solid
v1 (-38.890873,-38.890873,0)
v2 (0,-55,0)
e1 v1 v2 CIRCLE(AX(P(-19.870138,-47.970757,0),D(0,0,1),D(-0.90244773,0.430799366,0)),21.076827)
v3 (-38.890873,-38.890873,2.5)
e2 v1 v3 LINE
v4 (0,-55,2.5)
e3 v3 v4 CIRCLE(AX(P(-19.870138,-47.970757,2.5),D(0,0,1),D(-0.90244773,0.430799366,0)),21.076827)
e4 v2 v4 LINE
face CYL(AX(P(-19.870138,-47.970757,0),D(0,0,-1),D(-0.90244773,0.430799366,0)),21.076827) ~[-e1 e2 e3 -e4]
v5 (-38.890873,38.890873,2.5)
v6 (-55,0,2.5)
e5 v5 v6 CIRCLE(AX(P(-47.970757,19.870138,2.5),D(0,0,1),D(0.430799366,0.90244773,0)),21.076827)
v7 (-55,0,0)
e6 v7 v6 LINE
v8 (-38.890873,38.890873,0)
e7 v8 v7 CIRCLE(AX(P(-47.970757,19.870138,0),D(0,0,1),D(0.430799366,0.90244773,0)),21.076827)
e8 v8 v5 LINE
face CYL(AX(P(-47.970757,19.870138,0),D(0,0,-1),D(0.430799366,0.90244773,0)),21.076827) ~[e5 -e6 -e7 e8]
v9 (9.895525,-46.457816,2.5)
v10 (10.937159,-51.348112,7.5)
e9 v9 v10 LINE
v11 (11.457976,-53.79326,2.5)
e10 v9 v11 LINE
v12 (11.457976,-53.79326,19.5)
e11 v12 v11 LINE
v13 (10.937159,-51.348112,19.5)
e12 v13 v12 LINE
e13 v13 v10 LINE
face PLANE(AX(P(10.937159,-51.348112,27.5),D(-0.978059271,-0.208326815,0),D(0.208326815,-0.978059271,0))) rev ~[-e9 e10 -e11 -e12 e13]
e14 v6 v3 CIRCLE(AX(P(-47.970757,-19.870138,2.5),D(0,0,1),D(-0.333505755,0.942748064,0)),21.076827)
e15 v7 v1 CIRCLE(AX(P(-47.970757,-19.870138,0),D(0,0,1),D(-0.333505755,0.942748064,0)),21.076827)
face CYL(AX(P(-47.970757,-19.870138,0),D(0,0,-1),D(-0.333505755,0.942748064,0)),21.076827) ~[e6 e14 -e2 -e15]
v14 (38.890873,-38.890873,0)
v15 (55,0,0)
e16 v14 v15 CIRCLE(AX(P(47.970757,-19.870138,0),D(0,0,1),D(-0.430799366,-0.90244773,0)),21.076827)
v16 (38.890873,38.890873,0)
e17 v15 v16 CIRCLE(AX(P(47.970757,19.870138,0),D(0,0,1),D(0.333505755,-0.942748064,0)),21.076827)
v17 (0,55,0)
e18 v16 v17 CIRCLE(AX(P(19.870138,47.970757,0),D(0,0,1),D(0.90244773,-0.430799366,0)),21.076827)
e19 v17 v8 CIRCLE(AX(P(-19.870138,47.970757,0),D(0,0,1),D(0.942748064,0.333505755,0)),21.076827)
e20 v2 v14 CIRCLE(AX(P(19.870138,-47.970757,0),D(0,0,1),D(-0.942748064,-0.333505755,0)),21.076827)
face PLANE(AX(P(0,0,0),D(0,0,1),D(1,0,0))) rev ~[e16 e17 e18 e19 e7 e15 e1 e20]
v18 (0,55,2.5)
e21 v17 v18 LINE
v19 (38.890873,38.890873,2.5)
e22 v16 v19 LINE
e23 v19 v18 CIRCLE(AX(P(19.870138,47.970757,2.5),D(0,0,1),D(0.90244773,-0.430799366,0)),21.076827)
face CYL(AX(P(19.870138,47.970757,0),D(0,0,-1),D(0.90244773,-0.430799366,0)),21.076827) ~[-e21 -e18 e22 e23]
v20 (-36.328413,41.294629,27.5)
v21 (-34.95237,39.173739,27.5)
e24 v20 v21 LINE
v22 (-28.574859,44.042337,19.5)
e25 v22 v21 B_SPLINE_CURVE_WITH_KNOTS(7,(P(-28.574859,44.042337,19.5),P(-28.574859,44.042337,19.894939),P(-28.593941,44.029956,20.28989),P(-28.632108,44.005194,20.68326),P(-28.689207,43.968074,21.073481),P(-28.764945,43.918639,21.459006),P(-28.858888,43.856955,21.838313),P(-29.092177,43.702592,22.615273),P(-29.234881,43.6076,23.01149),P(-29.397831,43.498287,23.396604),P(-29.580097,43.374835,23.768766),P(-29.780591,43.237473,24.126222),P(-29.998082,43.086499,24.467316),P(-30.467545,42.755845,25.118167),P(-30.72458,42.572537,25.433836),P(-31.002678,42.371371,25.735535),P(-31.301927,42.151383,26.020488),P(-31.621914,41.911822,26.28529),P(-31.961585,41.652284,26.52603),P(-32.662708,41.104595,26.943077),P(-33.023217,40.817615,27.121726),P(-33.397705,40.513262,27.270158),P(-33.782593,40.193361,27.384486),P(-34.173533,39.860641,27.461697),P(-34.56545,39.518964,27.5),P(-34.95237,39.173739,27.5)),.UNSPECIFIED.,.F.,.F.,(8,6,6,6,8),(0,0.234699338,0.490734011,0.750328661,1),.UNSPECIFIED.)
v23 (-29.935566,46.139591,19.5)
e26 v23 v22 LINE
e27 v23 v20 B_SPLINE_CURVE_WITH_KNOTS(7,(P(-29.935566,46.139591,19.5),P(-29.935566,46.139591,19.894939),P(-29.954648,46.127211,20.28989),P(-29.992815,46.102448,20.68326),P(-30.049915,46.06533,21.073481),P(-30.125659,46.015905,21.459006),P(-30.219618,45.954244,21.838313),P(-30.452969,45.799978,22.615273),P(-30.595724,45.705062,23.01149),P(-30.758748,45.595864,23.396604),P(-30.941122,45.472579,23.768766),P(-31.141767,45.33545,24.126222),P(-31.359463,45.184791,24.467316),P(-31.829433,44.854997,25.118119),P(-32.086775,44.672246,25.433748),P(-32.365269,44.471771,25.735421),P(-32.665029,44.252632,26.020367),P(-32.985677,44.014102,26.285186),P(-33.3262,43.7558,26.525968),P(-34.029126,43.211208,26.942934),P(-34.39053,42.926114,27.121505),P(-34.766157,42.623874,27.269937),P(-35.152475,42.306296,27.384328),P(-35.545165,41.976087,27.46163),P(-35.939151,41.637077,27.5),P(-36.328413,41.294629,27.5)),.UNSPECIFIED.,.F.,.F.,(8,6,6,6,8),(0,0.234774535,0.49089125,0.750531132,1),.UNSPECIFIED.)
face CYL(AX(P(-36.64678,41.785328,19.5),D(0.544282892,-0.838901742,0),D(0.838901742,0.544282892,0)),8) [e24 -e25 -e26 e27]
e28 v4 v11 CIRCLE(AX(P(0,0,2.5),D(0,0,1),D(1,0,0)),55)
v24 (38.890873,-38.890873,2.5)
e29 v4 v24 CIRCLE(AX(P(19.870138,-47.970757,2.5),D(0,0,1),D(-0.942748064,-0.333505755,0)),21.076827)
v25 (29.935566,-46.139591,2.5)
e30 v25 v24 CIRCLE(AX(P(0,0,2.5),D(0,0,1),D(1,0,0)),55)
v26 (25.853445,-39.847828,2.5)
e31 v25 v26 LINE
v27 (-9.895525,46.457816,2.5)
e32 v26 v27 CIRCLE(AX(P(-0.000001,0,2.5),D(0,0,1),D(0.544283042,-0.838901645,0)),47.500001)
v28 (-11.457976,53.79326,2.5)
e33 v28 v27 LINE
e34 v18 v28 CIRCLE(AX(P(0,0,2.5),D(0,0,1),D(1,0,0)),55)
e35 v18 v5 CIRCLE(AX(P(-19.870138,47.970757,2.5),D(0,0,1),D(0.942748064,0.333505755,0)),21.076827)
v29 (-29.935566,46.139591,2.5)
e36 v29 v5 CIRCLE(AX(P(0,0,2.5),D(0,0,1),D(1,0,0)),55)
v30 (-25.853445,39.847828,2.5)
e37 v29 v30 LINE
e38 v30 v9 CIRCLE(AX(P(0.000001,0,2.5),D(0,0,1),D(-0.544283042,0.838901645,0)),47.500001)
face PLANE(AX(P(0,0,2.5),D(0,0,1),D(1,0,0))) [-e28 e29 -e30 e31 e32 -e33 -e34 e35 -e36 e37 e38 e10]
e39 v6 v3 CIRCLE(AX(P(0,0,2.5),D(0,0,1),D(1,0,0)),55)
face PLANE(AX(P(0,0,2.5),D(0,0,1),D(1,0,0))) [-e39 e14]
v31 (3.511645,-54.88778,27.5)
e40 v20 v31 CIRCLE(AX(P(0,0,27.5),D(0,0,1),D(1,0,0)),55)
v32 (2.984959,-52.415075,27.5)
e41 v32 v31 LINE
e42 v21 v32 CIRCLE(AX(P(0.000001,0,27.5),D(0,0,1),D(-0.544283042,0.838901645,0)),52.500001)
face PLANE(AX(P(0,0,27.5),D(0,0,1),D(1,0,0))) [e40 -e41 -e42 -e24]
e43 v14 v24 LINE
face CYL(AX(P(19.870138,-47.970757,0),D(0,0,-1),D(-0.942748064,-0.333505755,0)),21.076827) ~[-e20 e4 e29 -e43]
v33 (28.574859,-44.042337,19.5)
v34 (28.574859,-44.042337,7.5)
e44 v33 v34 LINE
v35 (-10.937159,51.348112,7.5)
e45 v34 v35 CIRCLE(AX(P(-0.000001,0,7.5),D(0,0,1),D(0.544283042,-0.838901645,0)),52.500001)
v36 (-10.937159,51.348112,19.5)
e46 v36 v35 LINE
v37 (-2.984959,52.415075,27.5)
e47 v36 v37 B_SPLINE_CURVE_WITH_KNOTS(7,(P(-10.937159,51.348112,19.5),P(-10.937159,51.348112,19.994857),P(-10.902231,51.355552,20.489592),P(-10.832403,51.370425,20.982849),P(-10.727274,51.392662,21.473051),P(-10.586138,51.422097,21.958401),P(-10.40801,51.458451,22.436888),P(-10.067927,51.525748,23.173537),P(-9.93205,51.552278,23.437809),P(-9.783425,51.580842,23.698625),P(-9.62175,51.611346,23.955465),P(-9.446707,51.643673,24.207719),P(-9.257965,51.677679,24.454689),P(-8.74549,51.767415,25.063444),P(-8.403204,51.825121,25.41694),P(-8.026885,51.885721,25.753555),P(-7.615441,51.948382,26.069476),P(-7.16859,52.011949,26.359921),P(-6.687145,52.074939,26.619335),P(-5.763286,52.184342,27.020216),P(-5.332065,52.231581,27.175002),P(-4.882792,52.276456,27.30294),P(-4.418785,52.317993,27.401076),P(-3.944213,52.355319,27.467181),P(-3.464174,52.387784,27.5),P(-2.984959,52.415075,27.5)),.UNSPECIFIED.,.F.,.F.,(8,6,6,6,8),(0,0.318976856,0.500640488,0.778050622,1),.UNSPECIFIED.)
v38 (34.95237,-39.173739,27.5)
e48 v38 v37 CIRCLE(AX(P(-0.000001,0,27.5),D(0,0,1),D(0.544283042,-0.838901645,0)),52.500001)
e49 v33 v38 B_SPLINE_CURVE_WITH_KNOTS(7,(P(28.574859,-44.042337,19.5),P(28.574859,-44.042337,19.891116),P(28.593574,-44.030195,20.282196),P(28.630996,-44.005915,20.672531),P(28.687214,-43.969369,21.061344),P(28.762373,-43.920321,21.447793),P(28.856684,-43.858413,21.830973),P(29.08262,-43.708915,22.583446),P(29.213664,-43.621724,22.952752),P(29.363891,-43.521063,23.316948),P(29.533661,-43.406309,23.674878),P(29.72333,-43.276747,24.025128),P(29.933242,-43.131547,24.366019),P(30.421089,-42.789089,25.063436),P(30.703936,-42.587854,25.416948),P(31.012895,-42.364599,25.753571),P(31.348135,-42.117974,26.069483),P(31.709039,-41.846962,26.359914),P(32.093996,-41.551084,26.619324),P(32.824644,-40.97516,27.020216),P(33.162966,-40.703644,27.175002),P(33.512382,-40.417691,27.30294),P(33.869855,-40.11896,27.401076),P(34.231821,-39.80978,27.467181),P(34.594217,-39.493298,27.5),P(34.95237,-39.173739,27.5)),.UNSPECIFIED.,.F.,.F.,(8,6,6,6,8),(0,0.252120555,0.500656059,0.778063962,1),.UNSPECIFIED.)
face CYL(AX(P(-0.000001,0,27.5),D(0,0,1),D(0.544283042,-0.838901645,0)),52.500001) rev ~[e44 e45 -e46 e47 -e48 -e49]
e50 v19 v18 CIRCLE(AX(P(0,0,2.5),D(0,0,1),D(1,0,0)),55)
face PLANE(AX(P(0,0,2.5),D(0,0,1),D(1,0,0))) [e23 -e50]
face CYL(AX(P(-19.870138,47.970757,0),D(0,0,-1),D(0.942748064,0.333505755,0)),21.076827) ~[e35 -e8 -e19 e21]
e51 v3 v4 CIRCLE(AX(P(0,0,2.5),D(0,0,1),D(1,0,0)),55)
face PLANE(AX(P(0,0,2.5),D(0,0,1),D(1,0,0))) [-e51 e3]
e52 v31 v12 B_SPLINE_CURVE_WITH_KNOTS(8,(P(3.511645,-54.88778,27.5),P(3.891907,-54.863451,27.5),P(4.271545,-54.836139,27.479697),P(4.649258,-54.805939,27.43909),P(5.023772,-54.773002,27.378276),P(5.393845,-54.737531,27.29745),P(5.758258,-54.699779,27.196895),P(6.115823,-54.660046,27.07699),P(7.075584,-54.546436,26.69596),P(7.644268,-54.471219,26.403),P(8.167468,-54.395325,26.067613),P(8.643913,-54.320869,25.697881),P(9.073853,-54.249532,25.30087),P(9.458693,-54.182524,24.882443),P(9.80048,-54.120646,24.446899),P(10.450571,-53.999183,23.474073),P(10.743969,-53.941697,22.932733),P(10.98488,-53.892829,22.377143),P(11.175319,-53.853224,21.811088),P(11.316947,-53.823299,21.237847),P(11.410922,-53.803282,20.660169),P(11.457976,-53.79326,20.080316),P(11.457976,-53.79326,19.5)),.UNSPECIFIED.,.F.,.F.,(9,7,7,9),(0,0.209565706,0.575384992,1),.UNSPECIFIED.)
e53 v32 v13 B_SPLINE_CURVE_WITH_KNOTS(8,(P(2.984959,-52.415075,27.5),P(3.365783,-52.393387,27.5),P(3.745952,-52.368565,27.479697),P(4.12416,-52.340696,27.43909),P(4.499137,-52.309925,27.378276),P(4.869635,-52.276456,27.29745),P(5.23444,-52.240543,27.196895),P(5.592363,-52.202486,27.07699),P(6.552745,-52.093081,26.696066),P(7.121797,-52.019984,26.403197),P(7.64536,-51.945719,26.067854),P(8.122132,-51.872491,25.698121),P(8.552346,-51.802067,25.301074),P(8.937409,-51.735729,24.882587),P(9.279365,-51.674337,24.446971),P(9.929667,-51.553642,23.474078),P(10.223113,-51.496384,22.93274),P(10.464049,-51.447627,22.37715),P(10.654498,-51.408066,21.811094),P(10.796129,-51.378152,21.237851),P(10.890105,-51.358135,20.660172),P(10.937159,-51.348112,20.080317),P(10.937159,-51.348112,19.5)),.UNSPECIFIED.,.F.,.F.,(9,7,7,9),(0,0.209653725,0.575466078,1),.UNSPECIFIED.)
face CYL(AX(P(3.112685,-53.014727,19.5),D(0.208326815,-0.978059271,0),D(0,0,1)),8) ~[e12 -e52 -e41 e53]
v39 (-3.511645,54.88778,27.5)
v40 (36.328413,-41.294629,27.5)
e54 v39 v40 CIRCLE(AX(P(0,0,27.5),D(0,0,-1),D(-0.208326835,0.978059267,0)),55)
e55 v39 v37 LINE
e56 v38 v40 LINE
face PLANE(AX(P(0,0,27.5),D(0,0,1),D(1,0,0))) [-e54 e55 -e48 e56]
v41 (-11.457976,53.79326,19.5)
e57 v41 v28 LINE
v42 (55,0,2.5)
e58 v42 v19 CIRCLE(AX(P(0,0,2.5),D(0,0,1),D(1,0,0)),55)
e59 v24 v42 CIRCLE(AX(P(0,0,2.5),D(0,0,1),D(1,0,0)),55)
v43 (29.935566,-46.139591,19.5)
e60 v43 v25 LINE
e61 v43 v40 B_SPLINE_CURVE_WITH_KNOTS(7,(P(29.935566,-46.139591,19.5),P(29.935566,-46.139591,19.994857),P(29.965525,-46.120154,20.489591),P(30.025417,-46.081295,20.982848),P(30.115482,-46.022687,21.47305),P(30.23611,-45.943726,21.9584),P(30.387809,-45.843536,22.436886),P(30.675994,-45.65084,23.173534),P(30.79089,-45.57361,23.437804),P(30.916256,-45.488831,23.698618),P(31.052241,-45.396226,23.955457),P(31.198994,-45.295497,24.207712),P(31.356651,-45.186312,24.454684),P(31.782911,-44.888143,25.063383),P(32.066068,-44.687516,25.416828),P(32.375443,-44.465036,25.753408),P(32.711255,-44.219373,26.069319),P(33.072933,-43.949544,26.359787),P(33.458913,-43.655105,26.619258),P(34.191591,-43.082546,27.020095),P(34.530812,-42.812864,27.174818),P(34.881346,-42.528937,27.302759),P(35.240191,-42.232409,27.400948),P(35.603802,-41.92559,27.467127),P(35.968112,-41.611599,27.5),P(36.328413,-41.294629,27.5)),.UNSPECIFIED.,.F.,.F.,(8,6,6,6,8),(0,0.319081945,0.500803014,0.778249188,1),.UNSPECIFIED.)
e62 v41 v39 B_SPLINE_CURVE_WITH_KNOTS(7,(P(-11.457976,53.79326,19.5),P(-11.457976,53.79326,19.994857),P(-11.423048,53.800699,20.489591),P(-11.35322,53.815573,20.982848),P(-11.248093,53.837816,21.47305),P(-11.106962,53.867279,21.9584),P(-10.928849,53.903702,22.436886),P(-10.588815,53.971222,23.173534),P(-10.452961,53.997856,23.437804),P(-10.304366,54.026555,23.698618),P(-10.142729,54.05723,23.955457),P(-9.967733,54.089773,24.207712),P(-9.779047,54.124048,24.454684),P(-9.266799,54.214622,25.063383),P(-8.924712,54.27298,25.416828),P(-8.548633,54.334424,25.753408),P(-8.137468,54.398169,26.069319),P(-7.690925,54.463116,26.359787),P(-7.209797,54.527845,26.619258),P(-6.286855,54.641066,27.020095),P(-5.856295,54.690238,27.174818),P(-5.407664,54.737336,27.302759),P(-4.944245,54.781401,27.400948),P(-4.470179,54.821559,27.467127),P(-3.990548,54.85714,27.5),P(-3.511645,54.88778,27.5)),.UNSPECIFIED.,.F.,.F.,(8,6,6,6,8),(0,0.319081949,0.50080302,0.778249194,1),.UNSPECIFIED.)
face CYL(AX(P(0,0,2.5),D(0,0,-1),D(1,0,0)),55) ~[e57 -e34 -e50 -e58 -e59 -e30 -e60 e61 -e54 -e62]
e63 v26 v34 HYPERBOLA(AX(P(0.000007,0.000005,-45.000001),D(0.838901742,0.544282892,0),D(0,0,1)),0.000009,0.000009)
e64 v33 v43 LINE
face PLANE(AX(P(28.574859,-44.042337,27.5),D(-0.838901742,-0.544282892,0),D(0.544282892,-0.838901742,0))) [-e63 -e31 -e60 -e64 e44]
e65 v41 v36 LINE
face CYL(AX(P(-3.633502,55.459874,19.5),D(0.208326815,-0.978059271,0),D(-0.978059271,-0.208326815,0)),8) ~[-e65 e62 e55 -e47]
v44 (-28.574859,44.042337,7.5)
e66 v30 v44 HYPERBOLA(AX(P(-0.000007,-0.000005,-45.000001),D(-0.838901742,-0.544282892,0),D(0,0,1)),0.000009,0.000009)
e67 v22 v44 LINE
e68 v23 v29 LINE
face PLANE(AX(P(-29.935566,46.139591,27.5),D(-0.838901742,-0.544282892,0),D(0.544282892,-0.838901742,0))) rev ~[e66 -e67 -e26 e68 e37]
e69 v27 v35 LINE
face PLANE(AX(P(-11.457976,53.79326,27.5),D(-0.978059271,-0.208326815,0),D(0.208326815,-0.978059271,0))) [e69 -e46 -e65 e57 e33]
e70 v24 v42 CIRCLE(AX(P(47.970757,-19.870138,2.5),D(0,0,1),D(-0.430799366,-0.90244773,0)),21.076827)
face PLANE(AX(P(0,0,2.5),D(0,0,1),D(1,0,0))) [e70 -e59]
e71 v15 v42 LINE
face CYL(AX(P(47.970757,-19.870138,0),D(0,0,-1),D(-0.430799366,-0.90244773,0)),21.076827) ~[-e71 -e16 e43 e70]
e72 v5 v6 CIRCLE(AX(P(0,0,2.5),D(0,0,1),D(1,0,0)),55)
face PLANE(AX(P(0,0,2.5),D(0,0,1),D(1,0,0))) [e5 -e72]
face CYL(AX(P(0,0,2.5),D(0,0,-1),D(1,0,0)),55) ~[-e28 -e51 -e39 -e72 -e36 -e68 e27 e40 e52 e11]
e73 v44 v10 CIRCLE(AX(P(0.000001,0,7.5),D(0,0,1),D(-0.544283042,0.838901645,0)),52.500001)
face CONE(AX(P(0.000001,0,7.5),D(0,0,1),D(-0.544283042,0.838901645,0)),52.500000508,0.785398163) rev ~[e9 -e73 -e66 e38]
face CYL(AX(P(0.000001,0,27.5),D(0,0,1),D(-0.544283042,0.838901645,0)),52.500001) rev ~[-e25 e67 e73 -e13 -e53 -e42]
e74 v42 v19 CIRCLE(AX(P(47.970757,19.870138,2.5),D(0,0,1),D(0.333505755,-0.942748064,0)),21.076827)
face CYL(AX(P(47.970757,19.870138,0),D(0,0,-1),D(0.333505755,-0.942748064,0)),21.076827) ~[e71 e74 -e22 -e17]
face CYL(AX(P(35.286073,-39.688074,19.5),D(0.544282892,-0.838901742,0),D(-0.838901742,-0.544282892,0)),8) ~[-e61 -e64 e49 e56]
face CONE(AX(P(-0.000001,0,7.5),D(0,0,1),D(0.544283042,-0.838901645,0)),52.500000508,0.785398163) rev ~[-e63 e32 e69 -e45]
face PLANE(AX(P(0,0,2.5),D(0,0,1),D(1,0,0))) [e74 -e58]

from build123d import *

# Parameters (mm, degrees)
PAD001_DEPTH = 2.5
SKETCH_R     = 55
PAD_DEPTH    = 25
POCKET_DEPTH = 25
FILLET_R     = 8
CHAMFER_SIZE = 5


with BuildPart() as part:
    # Sketch001 → Pad001 (new body)
    with BuildSketch(Plane.XY):
        with BuildLine():
            ThreePointArc((38.890873, 38.890873), (27.935891, 67.443206), (0, 55))
            ThreePointArc((0, 55), (-27.935891, 67.443206), (-38.890873, 38.890873))
            ThreePointArc((-38.890873, 38.890873), (-67.443206, 27.935891), (-55, 0))
            ThreePointArc((-55, 0), (-67.443206, -27.935891), (-38.890873, -38.890873))
            ThreePointArc((-38.890873, -38.890873), (-27.935891, -67.443206), (0, -55))
            ThreePointArc((0, -55), (27.935891, -67.443206), (38.890873, -38.890873))
            ThreePointArc((38.890873, -38.890873), (67.443206, -27.935891), (55, 0))
            ThreePointArc((55, 0), (67.443206, 27.935891), (38.890873, 38.890873))
        make_face()
    extrude(amount=PAD001_DEPTH)

    # Sketch (on Face10 of Pad001) → Pad (join)
    with BuildSketch(Plane.XY.offset(2.5)):
        Circle(SKETCH_R)
    extrude(amount=PAD_DEPTH)

    # Sketch002 (on Face19 of Pad) → Pocket (cut)
    with BuildSketch(Plane.XY.offset(27.5)):
        with BuildLine():
            Line((10.937159, -51.348112), (11.457976, -53.79326))
            ThreePointArc((11.457976, -53.79326), (21.047589, -50.813374), (29.935566, -46.139591))
            Line((28.574859, -44.042337), (29.935566, -46.139591))
            ThreePointArc((28.574859, -44.042337), (48.503675, 20.09088), (-10.937159, 51.348112))
            Line((-11.457976, 53.79326), (-10.937159, 51.348112))
            ThreePointArc((-11.457976, 53.79326), (-21.047589, 50.813374), (-29.935566, 46.139591))
            Line((-29.935566, 46.139591), (-28.574859, 44.042337))
            ThreePointArc((-28.574859, 44.042337), (-48.503675, -20.09088), (10.937159, -51.348112))
        make_face()
    extrude(amount=-POCKET_DEPTH, mode=Mode.SUBTRACT)

    # Fillet
    fillet_edges = [part.edges().sort_by_distance(p)[0] for p in [
        (-29.255213, 45.090964, 27.5),
        (-11.197567, 52.570686, 27.5),
        (11.197567, -52.570686, 27.5),
        (29.255213, -45.090964, 27.5),
    ]]
    fillet(fillet_edges, radius=FILLET_R)

    # Chamfer
    chamfer_edges = [part.edges().sort_by_distance(p)[0] for p in [
        (-48.503675, -20.09088, 2.5),
        (48.503675, 20.09088, 2.5),
    ]]
    chamfer(chamfer_edges, length=CHAMFER_SIZE)


solid = part.part
